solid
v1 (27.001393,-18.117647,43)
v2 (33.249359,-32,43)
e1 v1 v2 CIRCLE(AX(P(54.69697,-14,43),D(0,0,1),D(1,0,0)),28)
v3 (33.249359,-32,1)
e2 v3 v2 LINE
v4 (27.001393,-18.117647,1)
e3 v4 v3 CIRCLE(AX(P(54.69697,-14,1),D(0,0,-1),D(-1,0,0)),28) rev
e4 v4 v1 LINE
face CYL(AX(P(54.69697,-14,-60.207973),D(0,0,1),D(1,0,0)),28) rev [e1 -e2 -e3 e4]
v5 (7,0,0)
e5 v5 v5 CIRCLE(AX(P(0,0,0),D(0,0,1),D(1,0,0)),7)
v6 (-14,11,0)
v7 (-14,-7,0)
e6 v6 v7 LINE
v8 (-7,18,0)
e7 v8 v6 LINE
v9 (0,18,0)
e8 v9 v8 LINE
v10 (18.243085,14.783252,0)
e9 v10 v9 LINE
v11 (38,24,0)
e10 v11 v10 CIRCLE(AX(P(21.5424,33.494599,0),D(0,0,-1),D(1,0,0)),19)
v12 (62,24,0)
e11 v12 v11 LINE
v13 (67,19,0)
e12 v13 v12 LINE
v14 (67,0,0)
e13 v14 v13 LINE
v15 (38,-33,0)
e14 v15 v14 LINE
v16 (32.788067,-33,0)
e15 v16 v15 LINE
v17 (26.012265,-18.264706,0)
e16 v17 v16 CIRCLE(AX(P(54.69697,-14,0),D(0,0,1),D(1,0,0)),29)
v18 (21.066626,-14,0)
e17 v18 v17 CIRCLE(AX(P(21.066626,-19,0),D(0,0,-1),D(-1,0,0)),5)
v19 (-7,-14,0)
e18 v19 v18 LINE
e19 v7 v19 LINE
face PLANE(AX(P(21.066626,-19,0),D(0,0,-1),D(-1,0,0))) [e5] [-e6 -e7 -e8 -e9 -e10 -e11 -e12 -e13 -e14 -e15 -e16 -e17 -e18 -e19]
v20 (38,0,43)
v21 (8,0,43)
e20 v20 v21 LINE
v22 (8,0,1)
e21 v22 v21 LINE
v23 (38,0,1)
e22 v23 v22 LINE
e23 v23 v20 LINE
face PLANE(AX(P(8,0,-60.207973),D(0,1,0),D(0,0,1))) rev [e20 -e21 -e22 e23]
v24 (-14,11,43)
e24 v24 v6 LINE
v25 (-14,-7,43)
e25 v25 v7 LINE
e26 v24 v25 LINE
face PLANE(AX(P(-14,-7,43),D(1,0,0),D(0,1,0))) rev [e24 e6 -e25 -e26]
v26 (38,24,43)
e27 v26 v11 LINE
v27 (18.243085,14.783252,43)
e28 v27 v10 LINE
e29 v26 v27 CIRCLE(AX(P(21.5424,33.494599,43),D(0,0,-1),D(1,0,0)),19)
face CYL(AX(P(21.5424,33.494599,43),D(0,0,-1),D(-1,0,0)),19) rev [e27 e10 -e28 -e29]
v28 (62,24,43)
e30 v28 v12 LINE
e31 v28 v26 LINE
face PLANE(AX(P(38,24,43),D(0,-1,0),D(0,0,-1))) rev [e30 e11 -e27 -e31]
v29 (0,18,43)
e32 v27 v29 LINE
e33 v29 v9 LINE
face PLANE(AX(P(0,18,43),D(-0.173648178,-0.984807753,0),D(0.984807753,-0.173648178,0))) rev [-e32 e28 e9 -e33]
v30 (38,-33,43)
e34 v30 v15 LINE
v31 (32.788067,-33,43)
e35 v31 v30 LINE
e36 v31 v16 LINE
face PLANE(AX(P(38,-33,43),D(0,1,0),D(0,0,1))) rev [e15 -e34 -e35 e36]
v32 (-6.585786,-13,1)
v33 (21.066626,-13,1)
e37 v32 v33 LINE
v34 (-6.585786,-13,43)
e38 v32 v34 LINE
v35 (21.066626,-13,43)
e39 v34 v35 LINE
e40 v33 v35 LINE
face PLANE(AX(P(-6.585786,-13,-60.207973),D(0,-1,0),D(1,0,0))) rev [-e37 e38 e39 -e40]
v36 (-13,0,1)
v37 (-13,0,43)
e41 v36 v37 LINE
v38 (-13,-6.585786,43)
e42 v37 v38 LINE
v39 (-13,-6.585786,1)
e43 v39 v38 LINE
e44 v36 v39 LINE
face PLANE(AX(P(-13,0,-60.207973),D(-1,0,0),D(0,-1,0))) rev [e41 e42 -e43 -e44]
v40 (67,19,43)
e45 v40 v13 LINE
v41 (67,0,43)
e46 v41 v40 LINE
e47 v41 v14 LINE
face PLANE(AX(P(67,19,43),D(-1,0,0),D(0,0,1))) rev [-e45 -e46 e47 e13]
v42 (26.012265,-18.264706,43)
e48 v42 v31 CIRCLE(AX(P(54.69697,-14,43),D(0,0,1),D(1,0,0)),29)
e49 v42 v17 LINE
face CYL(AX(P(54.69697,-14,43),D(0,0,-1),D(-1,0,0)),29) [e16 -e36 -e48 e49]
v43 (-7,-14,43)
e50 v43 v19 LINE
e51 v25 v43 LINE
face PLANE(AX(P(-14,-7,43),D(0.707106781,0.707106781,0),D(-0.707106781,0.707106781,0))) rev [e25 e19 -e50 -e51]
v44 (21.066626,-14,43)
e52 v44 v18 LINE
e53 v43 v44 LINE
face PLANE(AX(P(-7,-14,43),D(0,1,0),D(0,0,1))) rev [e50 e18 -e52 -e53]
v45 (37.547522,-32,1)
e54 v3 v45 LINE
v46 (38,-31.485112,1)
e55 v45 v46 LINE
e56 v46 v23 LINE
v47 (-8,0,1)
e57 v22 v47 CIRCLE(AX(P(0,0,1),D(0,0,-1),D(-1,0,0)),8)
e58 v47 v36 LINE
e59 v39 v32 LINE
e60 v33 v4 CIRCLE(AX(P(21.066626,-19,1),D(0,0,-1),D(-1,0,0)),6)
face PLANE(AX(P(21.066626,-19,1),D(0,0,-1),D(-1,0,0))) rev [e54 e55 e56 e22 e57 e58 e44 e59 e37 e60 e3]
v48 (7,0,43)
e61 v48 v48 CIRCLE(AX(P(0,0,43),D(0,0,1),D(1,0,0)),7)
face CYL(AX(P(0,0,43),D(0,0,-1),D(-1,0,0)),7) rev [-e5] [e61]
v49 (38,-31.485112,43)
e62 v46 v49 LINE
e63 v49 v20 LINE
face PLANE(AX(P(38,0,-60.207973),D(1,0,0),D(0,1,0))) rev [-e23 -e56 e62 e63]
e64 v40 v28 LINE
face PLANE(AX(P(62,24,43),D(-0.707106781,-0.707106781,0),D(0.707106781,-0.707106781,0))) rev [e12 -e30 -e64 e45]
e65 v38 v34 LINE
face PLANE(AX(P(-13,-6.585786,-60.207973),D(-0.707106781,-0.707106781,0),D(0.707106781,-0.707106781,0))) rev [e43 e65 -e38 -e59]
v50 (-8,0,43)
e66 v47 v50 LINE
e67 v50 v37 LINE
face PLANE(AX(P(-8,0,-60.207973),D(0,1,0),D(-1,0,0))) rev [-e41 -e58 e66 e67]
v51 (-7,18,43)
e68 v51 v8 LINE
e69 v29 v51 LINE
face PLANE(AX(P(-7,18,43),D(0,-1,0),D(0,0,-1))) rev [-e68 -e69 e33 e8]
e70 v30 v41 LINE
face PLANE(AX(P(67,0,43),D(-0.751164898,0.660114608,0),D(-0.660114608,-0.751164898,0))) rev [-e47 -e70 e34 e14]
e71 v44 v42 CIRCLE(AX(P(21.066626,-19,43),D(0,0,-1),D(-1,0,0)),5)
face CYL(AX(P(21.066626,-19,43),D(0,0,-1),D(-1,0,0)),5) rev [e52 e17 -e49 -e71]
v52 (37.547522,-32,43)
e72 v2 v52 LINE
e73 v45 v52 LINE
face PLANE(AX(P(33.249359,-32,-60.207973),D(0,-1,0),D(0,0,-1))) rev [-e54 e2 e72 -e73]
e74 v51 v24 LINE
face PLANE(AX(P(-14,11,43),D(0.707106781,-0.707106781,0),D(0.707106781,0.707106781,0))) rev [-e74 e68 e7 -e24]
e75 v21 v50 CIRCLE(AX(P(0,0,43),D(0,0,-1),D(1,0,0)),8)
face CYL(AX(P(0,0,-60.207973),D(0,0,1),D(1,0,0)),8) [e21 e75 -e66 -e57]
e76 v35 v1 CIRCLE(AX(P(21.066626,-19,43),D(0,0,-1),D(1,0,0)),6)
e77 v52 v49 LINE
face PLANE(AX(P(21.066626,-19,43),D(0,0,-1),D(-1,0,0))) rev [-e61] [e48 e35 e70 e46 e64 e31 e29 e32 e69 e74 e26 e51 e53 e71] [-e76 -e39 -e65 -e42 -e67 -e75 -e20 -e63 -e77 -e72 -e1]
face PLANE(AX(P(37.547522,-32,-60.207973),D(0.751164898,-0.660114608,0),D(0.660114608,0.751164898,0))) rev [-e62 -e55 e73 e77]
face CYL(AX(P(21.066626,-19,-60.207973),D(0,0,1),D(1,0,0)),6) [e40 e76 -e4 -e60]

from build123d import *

# Parameters (mm, degrees)
SKETCH1_R           = 7
BOSS_EXTRUDE1_DEPTH = 43
CUT_EXTRUDE1_DEPTH  = 42


with BuildPart() as part:
    # Sketch1 → Boss-Extrude1 (new body)
    with BuildSketch(Plane.XY):
        with BuildLine():
            Line((-14, -7), (-14, 11))
            Line((-14, 11), (-7, 18))
            Line((-7, 18), (0, 18))
            Line((0, 18), (18.243084988, 14.783251905))
            ThreePointArc((18.243084988, 14.783251905), (29.574972961, 16.276069151), (38, 24))
            Line((38, 24), (62, 24))
            Line((62, 24), (67, 19))
            Line((67, 19), (67, 0))
            Line((67, 0), (38, -33))
            Line((38, -33), (32.788067397, -33))
            ThreePointArc((32.788067397, -33), (28.3490952, -26.115672061), (26.012264997, -18.264705882))
            ThreePointArc((26.012264997, -18.264705882), (24.331862036, -15.213413768), (21.066626255, -14))
            Line((21.066626255, -14), (-7, -14))
            Line((-7, -14), (-14, -7))
        make_face()
        Circle(SKETCH1_R, mode=Mode.SUBTRACT)
    extrude(amount=BOSS_EXTRUDE1_DEPTH)

    # Sketch2 → Cut-Extrude1 (cut)
    with BuildSketch(Plane.XY.offset(43)):
        with BuildLine():
            Line((8, 0), (38, 0))
            Line((38, 0), (38, -31.485111542))
            Line((38, -31.485111542), (37.547522264, -32))
            Line((37.547522264, -32), (33.249359107, -32))
            ThreePointArc((33.249359107, -32), (29.163792236, -25.491599052), (27.001392745, -18.117647059))
            ThreePointArc((27.001392745, -18.117647059), (24.984909193, -14.456096521), (21.066626255, -13))
            Line((21.066626255, -13), (-6.585786438, -13))
            Line((-6.585786438, -13), (-13, -6.585786438))
            Line((-13, -6.585786438), (-13, 0))
            Line((-13, 0), (-8, 0))
            ThreePointArc((-8, 0), (0, -8), (8, 0))
        make_face()
    extrude(amount=-CUT_EXTRUDE1_DEPTH, mode=Mode.SUBTRACT)


solid = part.part
